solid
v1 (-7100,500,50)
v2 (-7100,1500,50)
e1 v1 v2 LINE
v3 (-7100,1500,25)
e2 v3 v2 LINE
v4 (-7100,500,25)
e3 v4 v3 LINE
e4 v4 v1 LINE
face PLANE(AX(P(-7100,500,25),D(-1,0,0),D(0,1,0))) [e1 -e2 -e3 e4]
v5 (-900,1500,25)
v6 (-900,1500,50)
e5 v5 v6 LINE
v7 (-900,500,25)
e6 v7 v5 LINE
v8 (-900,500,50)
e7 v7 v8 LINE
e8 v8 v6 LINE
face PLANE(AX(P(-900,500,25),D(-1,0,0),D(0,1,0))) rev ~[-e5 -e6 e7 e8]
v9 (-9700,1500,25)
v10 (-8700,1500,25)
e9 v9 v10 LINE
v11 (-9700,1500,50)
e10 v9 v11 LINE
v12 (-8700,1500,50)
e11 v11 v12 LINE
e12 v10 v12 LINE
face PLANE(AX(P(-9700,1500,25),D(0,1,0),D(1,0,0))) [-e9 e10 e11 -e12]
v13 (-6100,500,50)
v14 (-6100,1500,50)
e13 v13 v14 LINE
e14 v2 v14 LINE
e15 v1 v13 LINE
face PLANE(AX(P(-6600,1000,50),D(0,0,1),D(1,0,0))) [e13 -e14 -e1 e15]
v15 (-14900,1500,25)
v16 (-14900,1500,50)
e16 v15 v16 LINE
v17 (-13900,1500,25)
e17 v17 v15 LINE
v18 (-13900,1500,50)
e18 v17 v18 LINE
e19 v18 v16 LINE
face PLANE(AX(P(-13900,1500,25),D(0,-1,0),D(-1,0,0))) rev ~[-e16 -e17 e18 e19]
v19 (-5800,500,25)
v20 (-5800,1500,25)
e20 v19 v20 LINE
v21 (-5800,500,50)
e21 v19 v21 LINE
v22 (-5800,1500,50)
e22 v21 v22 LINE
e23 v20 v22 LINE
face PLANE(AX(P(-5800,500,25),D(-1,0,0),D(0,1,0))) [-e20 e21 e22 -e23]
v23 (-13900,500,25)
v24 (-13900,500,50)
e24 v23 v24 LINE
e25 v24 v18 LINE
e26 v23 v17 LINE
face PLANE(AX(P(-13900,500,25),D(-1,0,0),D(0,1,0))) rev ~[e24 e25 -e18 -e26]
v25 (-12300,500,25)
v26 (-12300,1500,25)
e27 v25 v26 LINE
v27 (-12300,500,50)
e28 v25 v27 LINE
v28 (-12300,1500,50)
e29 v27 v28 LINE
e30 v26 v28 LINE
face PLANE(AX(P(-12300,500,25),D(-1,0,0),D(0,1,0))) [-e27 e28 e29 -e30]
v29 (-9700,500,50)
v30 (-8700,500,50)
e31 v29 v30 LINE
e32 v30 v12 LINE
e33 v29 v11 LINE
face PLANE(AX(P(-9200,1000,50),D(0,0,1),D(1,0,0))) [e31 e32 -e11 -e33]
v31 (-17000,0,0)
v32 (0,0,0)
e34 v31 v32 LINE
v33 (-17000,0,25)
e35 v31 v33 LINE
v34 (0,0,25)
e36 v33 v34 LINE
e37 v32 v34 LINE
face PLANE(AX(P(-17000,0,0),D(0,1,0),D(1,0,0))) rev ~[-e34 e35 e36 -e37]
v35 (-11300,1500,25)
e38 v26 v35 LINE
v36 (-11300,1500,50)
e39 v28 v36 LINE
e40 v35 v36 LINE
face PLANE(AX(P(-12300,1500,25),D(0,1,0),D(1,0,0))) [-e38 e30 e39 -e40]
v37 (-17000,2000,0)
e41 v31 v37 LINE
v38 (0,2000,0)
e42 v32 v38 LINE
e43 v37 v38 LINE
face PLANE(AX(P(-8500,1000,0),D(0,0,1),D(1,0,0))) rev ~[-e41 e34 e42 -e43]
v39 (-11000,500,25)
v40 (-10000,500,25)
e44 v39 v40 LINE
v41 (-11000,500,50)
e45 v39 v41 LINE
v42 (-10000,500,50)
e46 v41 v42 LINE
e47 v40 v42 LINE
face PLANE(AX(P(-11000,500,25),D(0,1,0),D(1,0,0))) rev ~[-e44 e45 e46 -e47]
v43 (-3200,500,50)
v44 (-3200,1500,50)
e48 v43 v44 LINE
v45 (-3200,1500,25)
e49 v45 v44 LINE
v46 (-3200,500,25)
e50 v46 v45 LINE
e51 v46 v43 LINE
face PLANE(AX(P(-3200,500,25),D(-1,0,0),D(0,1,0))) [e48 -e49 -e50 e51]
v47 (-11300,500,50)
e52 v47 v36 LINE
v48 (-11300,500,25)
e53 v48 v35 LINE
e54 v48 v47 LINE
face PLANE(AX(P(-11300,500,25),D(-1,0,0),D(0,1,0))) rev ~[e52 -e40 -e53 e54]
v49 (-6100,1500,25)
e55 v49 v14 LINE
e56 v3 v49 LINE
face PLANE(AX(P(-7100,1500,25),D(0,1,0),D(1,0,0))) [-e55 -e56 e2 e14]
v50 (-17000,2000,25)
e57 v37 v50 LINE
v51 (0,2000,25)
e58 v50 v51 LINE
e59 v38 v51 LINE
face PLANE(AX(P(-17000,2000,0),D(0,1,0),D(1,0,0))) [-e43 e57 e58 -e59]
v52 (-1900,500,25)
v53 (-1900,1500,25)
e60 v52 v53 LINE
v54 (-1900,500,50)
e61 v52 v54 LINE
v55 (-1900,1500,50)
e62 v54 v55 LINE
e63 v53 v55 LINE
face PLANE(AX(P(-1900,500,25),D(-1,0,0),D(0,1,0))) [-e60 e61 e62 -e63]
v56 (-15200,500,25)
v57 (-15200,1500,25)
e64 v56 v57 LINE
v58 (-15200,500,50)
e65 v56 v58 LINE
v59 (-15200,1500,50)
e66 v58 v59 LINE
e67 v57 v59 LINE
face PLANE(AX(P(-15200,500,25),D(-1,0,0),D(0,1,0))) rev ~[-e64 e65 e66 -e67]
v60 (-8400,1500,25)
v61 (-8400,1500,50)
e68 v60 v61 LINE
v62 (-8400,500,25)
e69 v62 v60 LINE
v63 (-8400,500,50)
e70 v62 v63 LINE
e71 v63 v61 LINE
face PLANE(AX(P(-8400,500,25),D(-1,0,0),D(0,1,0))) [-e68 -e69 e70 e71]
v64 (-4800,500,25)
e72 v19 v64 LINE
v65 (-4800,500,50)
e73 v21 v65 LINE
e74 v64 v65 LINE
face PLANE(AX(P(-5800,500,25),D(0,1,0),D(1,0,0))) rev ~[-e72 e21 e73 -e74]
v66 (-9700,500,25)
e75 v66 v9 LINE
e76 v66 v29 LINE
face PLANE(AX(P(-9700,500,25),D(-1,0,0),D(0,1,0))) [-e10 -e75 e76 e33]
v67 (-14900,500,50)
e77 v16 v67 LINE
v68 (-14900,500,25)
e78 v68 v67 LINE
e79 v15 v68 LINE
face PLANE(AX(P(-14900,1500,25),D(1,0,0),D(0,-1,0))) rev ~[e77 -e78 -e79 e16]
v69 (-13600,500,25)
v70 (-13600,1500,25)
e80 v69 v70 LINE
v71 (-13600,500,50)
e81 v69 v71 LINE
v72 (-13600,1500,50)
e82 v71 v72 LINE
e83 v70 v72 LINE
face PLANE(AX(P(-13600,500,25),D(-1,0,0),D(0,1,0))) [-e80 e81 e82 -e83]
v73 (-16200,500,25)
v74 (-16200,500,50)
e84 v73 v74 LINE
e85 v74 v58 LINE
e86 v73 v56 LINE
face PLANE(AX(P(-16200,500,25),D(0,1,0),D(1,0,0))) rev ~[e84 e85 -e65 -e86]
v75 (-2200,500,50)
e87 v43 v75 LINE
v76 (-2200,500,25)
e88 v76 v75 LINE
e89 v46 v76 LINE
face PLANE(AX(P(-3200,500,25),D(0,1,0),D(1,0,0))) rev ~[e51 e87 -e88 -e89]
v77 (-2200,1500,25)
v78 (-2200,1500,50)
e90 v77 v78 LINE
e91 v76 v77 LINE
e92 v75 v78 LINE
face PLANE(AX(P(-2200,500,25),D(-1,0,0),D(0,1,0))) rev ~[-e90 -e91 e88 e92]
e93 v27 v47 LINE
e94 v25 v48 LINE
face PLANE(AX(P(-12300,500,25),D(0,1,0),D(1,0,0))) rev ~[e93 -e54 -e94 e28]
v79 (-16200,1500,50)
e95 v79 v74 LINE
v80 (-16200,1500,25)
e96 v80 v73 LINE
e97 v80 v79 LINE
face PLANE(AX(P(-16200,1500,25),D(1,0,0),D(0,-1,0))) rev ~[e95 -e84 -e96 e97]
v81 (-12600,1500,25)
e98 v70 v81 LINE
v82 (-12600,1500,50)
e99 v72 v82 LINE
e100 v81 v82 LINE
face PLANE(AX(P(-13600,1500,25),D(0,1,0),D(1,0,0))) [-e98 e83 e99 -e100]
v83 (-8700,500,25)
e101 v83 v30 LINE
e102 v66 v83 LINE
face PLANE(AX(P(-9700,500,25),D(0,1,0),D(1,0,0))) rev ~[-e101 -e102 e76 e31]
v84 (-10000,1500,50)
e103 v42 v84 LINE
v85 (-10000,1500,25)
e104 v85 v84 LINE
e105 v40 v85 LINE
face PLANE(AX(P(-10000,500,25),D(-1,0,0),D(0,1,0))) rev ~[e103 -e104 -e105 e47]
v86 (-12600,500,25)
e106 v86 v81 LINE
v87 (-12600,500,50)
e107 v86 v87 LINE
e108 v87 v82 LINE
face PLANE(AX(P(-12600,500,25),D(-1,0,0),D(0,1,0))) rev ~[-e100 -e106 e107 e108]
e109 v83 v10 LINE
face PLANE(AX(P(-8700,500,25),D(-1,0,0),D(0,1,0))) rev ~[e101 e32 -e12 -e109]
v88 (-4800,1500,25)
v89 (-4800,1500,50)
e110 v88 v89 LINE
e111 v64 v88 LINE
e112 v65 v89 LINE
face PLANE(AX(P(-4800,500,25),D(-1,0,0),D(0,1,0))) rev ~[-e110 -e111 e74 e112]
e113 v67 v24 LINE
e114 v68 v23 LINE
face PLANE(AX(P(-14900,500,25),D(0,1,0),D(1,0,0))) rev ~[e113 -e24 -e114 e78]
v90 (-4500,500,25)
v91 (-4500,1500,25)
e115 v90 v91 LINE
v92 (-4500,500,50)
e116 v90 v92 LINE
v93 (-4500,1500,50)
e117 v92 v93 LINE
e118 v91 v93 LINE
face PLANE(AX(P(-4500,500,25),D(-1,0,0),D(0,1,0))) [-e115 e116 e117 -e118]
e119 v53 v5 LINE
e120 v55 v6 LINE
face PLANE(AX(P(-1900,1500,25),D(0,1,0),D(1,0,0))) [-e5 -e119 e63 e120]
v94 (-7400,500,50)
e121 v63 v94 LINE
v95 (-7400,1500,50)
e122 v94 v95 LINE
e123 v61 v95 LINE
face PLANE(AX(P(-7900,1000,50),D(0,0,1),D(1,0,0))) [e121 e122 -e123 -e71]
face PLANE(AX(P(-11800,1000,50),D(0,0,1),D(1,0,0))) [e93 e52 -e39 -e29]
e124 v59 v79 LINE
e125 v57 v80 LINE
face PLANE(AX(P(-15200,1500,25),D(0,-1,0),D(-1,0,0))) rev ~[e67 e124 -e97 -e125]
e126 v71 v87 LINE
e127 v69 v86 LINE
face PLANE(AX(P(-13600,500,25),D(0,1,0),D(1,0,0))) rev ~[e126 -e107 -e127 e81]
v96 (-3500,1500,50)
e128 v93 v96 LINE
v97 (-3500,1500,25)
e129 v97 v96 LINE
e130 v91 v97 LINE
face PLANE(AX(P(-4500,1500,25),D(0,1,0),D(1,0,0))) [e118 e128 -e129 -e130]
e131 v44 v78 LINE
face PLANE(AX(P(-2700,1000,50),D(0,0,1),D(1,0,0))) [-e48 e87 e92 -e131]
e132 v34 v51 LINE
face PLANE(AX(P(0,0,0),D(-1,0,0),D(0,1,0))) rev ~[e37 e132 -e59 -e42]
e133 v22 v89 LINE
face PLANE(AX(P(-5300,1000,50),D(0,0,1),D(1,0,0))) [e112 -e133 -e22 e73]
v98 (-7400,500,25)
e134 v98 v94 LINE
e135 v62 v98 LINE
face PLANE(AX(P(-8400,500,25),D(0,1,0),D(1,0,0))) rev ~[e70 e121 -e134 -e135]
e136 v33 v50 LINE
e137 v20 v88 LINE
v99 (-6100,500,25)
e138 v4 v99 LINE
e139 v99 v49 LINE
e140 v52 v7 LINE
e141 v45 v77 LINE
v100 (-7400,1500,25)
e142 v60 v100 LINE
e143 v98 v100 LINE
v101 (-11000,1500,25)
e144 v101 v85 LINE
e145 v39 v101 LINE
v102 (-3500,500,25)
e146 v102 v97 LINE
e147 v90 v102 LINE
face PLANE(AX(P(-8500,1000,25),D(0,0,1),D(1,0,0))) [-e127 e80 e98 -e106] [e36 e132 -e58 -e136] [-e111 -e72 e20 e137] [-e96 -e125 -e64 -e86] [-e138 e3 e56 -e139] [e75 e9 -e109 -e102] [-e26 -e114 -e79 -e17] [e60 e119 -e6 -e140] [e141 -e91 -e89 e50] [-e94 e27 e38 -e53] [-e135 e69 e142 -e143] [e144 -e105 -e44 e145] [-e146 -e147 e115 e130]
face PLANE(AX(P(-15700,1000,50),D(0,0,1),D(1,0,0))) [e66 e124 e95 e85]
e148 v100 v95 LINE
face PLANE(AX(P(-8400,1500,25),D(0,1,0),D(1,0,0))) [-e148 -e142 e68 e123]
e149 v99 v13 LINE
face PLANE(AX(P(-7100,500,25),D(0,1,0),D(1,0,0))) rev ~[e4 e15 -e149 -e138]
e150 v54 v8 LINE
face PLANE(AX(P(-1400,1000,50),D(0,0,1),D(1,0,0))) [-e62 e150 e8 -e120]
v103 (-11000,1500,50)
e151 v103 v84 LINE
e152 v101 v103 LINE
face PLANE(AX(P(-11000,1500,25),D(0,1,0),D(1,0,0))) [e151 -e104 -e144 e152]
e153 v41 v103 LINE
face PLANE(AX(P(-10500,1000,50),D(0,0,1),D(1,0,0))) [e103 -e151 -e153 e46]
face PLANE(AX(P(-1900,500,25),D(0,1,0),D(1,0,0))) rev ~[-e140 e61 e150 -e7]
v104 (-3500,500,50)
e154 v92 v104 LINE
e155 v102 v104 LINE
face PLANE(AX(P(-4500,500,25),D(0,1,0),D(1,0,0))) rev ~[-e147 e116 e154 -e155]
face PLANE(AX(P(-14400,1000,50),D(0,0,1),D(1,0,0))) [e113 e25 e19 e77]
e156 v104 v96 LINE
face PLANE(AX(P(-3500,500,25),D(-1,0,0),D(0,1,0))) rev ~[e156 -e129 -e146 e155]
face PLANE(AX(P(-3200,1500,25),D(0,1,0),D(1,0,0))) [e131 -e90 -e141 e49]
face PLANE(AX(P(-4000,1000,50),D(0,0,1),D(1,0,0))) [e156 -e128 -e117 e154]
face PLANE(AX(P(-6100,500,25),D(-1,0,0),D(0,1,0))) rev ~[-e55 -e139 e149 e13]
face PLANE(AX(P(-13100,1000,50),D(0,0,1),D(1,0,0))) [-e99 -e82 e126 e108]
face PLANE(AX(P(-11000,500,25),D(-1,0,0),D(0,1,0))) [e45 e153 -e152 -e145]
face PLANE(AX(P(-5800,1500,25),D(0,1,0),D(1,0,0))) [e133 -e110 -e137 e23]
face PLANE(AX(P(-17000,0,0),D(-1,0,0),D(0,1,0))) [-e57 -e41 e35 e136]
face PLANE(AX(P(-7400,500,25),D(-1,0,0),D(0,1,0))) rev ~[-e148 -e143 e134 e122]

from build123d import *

# Parameters (mm, degrees)
F0_W     = 17000
F0_H     = 2000
F1_DEPTH = 25
F2_W     = 1000
F2_H     = 1000
F3_DEPTH = 25


with BuildPart() as f1:
    # F0 (on Top) → F1 (new body)
    with BuildSketch(Plane.XY):
        with Locations((-8500, 1000)):
            Rectangle(F0_W, F0_H)
    extrude(amount=F1_DEPTH)

    # F2 (on face) → F3 (join)
    with BuildSketch(Plane.XY.offset(25)):
        Polygon((-16200, 1500), (-16200, 1000), (-16200, 500), (-15200, 500), (-15200, 1000), (-15200, 1500), align=None)
        Polygon((-14900, 1500), (-14900, 1000), (-14900, 500), (-13900, 500), (-13900, 1500), align=None)
        with Locations((-13100, 1000)):
            Rectangle(F2_W, F2_H)
        with Locations((-11800, 1000)):
            Rectangle(F2_W, F2_H)
        with Locations((-10500, 1000)):
            Rectangle(F2_W, F2_H)
        with Locations((-9200, 1000)):
            Rectangle(F2_W, F2_H)
        with Locations((-7900, 1000)):
            Rectangle(F2_W, F2_H)
        with Locations((-6600, 1000)):
            Rectangle(F2_W, F2_H)
        with Locations((-5300, 1000)):
            Rectangle(F2_W, F2_H)
        with Locations((-4000, 1000)):
            Rectangle(F2_W, F2_H)
        with Locations((-2700, 1000)):
            Rectangle(F2_W, F2_H)
        with Locations((-1400, 1000)):
            Rectangle(F2_W, F2_H)
    extrude(amount=F3_DEPTH)


solid = f1.part
